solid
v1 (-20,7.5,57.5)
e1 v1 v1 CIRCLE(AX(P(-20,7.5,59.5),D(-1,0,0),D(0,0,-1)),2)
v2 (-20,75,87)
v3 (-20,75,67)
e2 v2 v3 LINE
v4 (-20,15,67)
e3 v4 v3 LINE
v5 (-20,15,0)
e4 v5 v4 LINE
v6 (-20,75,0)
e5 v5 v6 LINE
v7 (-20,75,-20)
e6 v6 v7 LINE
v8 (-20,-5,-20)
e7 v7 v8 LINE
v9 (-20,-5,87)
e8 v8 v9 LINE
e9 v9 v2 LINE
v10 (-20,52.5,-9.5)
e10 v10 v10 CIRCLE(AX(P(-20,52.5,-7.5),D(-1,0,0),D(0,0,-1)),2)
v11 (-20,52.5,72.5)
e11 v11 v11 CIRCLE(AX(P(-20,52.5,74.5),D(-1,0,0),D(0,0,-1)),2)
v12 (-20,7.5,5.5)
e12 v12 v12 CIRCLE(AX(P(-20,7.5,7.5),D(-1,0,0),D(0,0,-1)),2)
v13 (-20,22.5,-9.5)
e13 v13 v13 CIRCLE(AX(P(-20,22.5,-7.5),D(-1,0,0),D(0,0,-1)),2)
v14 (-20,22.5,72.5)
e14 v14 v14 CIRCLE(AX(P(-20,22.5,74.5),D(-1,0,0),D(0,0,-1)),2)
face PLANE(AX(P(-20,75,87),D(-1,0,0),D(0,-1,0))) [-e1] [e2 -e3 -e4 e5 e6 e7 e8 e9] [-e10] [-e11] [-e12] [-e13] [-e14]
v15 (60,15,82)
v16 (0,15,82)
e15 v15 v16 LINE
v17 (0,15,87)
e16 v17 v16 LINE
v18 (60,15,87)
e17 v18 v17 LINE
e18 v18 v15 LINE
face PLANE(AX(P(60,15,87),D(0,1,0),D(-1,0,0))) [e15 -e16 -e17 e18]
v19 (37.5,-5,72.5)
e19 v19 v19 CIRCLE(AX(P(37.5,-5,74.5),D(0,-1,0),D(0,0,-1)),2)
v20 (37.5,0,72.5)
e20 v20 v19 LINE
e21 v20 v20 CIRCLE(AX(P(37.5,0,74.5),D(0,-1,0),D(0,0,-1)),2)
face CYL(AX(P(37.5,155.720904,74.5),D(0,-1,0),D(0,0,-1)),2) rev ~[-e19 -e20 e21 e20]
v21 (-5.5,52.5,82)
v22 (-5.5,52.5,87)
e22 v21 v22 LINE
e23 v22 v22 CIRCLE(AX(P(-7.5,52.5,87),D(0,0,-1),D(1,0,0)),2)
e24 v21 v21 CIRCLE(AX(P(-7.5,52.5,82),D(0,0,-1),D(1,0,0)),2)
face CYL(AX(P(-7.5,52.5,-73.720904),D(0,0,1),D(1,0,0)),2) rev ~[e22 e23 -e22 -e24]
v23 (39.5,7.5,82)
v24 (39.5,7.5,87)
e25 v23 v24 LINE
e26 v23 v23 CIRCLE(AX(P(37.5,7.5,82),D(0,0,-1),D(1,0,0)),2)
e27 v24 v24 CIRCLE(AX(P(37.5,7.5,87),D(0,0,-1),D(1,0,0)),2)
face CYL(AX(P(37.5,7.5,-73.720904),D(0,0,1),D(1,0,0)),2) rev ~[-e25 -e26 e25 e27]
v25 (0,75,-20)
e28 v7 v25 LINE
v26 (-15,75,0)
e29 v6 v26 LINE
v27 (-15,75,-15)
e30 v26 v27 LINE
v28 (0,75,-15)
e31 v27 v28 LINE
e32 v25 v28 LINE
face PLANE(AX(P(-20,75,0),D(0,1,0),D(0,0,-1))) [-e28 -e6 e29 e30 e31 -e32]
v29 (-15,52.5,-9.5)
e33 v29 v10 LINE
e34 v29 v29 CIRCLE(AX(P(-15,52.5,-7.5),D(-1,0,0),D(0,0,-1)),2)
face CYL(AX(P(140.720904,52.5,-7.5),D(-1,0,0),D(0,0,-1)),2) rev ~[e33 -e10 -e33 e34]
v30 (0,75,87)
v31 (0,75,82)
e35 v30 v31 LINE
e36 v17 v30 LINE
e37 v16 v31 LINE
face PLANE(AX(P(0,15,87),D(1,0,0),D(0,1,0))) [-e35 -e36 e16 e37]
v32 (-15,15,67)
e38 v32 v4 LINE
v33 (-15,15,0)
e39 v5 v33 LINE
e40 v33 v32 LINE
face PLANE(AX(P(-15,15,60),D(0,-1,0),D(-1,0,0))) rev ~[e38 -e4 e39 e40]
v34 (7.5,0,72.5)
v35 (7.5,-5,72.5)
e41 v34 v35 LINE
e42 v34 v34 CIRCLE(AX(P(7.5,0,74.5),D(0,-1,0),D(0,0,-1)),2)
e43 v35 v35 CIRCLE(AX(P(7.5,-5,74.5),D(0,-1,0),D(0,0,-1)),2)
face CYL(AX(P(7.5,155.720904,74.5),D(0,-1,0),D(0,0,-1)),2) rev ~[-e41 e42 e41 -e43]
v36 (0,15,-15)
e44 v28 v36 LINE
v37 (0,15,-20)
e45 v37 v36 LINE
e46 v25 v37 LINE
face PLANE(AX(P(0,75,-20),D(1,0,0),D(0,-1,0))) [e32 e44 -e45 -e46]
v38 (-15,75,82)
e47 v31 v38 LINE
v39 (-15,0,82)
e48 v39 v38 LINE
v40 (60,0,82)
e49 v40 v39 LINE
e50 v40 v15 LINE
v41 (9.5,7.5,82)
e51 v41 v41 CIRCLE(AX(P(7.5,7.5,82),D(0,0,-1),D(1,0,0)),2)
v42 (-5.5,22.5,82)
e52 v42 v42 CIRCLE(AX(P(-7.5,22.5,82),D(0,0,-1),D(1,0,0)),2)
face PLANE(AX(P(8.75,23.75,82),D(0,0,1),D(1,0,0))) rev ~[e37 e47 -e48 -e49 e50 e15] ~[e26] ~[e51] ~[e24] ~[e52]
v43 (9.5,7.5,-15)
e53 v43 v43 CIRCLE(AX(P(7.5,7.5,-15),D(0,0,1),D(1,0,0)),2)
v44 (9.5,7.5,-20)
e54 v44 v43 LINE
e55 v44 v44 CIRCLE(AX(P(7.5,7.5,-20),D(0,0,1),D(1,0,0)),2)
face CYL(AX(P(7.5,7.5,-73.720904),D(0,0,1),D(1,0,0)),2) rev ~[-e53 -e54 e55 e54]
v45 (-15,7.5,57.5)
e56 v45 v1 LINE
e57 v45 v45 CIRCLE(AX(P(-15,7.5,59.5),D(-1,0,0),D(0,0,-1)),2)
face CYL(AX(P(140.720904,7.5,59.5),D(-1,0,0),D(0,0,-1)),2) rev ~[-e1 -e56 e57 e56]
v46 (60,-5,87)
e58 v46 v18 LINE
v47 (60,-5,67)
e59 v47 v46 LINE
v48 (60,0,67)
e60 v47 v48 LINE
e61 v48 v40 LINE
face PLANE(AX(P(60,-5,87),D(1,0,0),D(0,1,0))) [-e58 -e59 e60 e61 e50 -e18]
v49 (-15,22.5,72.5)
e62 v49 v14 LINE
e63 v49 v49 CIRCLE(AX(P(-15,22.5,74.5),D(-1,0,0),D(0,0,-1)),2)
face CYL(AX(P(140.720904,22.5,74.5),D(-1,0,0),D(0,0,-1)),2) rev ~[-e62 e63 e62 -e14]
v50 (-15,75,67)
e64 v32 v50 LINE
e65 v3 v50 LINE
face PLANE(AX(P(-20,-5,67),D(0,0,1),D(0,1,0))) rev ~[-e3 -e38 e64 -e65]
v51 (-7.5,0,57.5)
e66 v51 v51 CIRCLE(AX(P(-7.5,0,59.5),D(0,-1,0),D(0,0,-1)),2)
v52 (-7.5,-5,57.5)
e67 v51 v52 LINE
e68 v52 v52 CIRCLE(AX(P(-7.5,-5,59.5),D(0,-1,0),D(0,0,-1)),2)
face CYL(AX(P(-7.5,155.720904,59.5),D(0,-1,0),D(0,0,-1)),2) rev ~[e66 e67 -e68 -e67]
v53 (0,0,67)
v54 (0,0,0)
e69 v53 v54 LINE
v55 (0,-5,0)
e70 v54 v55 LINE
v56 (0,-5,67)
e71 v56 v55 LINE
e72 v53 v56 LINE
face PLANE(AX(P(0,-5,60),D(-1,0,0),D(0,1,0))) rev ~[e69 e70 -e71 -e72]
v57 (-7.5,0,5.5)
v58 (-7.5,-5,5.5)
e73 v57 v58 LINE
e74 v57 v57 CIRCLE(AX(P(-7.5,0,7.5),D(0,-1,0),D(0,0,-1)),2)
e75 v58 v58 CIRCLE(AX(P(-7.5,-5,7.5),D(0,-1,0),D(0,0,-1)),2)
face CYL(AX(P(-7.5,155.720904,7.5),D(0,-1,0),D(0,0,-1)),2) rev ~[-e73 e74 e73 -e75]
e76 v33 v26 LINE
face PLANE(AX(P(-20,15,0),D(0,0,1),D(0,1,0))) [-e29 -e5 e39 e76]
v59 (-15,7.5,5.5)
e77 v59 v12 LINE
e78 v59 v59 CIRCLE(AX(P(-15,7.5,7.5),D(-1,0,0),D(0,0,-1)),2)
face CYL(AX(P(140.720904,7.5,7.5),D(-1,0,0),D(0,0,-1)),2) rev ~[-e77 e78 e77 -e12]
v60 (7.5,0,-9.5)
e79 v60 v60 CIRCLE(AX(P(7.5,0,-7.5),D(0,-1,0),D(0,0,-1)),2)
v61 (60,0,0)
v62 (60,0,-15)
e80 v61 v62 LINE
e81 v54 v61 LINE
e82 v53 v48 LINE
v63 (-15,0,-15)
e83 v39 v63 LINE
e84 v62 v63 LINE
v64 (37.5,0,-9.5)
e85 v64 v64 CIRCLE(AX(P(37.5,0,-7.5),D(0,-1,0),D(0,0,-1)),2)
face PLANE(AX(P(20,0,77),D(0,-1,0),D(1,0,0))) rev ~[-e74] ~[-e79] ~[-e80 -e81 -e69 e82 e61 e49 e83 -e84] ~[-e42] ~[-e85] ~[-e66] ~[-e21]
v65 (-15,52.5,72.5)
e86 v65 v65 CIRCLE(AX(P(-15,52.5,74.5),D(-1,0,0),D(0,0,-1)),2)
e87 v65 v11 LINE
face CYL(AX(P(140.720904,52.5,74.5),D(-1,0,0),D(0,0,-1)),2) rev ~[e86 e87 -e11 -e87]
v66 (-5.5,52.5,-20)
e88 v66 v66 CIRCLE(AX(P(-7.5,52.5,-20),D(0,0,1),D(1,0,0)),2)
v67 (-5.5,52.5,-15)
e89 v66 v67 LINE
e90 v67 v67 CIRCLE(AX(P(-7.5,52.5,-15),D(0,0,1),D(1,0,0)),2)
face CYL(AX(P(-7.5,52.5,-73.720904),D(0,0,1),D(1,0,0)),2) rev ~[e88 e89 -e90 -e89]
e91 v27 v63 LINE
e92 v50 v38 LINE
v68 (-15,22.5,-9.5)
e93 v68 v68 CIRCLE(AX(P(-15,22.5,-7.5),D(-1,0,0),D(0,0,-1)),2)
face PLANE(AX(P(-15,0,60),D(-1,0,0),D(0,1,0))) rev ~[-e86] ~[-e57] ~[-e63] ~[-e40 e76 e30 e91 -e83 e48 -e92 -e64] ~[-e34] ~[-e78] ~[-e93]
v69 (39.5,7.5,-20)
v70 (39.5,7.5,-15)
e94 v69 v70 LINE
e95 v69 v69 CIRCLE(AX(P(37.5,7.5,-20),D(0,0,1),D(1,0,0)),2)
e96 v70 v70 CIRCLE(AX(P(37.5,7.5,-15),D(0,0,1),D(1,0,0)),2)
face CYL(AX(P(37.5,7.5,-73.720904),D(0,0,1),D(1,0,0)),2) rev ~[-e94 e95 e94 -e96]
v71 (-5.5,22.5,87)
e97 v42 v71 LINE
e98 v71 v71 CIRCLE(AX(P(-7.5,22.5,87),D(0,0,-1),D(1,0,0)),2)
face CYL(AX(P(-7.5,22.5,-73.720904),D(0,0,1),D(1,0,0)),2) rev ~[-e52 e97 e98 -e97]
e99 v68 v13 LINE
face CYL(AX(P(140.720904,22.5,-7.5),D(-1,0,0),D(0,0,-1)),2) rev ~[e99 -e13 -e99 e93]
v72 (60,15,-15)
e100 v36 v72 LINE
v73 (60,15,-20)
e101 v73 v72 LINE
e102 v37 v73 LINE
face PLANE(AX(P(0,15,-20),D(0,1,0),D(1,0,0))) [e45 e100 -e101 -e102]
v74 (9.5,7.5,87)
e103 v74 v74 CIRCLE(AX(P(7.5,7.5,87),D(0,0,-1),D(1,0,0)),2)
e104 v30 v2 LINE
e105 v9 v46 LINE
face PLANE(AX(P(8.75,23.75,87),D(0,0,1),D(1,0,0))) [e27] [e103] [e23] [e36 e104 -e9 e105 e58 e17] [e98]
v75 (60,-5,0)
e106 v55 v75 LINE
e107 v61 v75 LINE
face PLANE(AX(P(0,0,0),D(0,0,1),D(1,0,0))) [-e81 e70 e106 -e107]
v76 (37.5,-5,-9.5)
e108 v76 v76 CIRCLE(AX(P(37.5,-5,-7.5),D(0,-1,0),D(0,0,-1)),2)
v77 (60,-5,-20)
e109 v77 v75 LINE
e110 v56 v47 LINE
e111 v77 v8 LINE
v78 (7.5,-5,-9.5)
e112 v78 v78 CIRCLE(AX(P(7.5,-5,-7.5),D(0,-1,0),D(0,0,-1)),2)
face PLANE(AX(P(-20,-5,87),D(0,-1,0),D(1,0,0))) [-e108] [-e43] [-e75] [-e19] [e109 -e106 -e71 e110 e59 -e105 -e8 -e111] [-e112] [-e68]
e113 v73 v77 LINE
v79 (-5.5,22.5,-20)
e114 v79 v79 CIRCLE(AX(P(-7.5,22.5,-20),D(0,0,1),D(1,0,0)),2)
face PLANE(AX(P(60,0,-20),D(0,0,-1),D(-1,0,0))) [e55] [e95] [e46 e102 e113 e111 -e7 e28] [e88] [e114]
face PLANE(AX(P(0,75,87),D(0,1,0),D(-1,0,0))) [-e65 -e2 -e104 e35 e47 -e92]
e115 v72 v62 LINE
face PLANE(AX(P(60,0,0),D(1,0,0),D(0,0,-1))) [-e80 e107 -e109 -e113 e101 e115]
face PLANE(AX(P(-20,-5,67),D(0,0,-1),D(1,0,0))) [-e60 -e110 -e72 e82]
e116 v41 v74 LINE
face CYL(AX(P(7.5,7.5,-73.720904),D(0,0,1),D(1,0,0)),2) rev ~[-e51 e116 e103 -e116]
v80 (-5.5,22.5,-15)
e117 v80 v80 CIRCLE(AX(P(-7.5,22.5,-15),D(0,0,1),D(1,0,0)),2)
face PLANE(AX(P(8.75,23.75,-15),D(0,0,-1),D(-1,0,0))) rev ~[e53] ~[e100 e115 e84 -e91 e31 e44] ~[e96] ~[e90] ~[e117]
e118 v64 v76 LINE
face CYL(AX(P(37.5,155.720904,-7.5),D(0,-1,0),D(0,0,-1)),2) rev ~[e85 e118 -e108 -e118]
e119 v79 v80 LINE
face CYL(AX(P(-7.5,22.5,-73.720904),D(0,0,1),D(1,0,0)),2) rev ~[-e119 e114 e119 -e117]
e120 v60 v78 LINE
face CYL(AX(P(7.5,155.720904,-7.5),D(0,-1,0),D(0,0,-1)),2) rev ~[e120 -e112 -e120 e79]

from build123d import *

# Parameters (mm, degrees)
BOSS_EXTRUDE1_DEPTH             = 5
BOSS_EXTRUDE2_DEPTH             = 5
BOSS_EXTRUDE3_DEPTH             = 5
HIEGHT_EXTENSION_DEPTH          = 27
BOSS_EXTRUDE6_DEPTH             = 5
SKETCH7_W                       = 20
SKETCH7_H                       = 80
BOSS_EXTRUDE7_DEPTH             = 5
SKETCH8_W                       = 80
SKETCH8_H                       = 20
BOSS_EXTRUDE8_DEPTH             = 5
F_4_0MM_DOWEL_HOLE1_D           = 4
F_4_0MM_DOWEL_HOLE1_ON_FACE_2_D = 4
F_4_0MM_DOWEL_HOLE1_ON_FACE_3_D = 4
F_4_0MM_DOWEL_HOLE1_ON_FACE_4_D = 4


with BuildPart() as part:
    # Sketch1 → Boss-Extrude1 (new body)
    with BuildSketch(Plane(origin=(0, 0, 0), x_dir=(1, 0, 0), z_dir=(0, 1, 0))):
        Polygon((-20, 20), (-20, -60), (0, -60), (0, 0), (60, 0), (60, 20), align=None)
    extrude(amount=-BOSS_EXTRUDE1_DEPTH)

    # Sketch2 → Boss-Extrude2 (add)
    with BuildSketch(Plane.ZY.offset(20)):
        Polygon((-20, -5), (60, -5), (60, 15), (0, 15), (0, 75), (-20, 75), align=None)
    extrude(amount=-BOSS_EXTRUDE2_DEPTH)

    # Sketch3 → Boss-Extrude3 (add)
    with BuildSketch(Plane(origin=(0, 0, -20), x_dir=(-1, 0, 0), z_dir=(0, 0, -1))):
        Polygon((-60, -5), (20, -5), (20, 75), (0, 75), (0, 15), (-60, 15), align=None)
    extrude(amount=-BOSS_EXTRUDE3_DEPTH)

    # Sketch5 → hieght extension (add)
    with BuildSketch(Plane.XY.offset(60)):
        Polygon((0, 0), (-15, 0), (-15, 15), (-20, 15), (-20, -5), (0, -5), align=None)
    extrude(amount=HIEGHT_EXTENSION_DEPTH)

    # Sketch6 → Boss-Extrude6 (add)
    with BuildSketch(Plane.XY.offset(87)):
        Polygon((-20, 75), (-20, -5), (60, -5), (60, 15), (0, 15), (0, 75), align=None)
    extrude(amount=-BOSS_EXTRUDE6_DEPTH)

    # Sketch7 → Boss-Extrude7 (add)
    with BuildSketch(Plane.ZY.offset(20)):
        with Locations((77, 35)):
            Rectangle(SKETCH7_W, SKETCH7_H)
    extrude(amount=-BOSS_EXTRUDE7_DEPTH)

    # Sketch8 → Boss-Extrude8 (add)
    with BuildSketch(Plane.XZ.offset(5)):
        with Locations((20, 77)):
            Rectangle(SKETCH8_W, SKETCH8_H)
    extrude(amount=-BOSS_EXTRUDE8_DEPTH)

    # Ø4.0mm Dowel Hole1 (through all)
    with Locations(Plane(origin=(-15, 52.5, 74.5), x_dir=(0, 0, 1), z_dir=(1, 0, 0))):
        with Locations((0, 0), (0, 30), (-67, 45), (-15, 45), (-82, 30), (-82, 0)):
            Hole(F_4_0MM_DOWEL_HOLE1_D / 2)

    # Ø4.0mm Dowel Hole1 on face 2 (through all)
    with Locations(Plane(origin=(7.5, 0, 74.5), x_dir=(0, 0, 1), z_dir=(0, 1, 0))):
        with Locations((0, 0), (0, 30), (-67, -15), (-15, -15), (-82, 0), (-82, 30)):
            Hole(F_4_0MM_DOWEL_HOLE1_ON_FACE_2_D / 2)

    # Ø4.0mm Dowel Hole1 on face 3 (through all)
    with Locations(Plane(origin=(-7.5, 52.5, 82), x_dir=(-1, 0, 0), z_dir=(0, 0, -1))):
        with Locations((0, 0), (0, -30), (-15, -45), (-45, -45)):
            Hole(F_4_0MM_DOWEL_HOLE1_ON_FACE_3_D / 2)

    # Ø4.0mm Dowel Hole1 on face 4 (through all)
    with Locations(Plane(origin=(37.5, 7.5, -15), x_dir=(1, 0, 0), z_dir=(0, 0, 1))):
        with Locations((0, 0), (-30, 0), (-45, 15), (-45, 45)):
            Hole(F_4_0MM_DOWEL_HOLE1_ON_FACE_4_D / 2)


solid = part.part
